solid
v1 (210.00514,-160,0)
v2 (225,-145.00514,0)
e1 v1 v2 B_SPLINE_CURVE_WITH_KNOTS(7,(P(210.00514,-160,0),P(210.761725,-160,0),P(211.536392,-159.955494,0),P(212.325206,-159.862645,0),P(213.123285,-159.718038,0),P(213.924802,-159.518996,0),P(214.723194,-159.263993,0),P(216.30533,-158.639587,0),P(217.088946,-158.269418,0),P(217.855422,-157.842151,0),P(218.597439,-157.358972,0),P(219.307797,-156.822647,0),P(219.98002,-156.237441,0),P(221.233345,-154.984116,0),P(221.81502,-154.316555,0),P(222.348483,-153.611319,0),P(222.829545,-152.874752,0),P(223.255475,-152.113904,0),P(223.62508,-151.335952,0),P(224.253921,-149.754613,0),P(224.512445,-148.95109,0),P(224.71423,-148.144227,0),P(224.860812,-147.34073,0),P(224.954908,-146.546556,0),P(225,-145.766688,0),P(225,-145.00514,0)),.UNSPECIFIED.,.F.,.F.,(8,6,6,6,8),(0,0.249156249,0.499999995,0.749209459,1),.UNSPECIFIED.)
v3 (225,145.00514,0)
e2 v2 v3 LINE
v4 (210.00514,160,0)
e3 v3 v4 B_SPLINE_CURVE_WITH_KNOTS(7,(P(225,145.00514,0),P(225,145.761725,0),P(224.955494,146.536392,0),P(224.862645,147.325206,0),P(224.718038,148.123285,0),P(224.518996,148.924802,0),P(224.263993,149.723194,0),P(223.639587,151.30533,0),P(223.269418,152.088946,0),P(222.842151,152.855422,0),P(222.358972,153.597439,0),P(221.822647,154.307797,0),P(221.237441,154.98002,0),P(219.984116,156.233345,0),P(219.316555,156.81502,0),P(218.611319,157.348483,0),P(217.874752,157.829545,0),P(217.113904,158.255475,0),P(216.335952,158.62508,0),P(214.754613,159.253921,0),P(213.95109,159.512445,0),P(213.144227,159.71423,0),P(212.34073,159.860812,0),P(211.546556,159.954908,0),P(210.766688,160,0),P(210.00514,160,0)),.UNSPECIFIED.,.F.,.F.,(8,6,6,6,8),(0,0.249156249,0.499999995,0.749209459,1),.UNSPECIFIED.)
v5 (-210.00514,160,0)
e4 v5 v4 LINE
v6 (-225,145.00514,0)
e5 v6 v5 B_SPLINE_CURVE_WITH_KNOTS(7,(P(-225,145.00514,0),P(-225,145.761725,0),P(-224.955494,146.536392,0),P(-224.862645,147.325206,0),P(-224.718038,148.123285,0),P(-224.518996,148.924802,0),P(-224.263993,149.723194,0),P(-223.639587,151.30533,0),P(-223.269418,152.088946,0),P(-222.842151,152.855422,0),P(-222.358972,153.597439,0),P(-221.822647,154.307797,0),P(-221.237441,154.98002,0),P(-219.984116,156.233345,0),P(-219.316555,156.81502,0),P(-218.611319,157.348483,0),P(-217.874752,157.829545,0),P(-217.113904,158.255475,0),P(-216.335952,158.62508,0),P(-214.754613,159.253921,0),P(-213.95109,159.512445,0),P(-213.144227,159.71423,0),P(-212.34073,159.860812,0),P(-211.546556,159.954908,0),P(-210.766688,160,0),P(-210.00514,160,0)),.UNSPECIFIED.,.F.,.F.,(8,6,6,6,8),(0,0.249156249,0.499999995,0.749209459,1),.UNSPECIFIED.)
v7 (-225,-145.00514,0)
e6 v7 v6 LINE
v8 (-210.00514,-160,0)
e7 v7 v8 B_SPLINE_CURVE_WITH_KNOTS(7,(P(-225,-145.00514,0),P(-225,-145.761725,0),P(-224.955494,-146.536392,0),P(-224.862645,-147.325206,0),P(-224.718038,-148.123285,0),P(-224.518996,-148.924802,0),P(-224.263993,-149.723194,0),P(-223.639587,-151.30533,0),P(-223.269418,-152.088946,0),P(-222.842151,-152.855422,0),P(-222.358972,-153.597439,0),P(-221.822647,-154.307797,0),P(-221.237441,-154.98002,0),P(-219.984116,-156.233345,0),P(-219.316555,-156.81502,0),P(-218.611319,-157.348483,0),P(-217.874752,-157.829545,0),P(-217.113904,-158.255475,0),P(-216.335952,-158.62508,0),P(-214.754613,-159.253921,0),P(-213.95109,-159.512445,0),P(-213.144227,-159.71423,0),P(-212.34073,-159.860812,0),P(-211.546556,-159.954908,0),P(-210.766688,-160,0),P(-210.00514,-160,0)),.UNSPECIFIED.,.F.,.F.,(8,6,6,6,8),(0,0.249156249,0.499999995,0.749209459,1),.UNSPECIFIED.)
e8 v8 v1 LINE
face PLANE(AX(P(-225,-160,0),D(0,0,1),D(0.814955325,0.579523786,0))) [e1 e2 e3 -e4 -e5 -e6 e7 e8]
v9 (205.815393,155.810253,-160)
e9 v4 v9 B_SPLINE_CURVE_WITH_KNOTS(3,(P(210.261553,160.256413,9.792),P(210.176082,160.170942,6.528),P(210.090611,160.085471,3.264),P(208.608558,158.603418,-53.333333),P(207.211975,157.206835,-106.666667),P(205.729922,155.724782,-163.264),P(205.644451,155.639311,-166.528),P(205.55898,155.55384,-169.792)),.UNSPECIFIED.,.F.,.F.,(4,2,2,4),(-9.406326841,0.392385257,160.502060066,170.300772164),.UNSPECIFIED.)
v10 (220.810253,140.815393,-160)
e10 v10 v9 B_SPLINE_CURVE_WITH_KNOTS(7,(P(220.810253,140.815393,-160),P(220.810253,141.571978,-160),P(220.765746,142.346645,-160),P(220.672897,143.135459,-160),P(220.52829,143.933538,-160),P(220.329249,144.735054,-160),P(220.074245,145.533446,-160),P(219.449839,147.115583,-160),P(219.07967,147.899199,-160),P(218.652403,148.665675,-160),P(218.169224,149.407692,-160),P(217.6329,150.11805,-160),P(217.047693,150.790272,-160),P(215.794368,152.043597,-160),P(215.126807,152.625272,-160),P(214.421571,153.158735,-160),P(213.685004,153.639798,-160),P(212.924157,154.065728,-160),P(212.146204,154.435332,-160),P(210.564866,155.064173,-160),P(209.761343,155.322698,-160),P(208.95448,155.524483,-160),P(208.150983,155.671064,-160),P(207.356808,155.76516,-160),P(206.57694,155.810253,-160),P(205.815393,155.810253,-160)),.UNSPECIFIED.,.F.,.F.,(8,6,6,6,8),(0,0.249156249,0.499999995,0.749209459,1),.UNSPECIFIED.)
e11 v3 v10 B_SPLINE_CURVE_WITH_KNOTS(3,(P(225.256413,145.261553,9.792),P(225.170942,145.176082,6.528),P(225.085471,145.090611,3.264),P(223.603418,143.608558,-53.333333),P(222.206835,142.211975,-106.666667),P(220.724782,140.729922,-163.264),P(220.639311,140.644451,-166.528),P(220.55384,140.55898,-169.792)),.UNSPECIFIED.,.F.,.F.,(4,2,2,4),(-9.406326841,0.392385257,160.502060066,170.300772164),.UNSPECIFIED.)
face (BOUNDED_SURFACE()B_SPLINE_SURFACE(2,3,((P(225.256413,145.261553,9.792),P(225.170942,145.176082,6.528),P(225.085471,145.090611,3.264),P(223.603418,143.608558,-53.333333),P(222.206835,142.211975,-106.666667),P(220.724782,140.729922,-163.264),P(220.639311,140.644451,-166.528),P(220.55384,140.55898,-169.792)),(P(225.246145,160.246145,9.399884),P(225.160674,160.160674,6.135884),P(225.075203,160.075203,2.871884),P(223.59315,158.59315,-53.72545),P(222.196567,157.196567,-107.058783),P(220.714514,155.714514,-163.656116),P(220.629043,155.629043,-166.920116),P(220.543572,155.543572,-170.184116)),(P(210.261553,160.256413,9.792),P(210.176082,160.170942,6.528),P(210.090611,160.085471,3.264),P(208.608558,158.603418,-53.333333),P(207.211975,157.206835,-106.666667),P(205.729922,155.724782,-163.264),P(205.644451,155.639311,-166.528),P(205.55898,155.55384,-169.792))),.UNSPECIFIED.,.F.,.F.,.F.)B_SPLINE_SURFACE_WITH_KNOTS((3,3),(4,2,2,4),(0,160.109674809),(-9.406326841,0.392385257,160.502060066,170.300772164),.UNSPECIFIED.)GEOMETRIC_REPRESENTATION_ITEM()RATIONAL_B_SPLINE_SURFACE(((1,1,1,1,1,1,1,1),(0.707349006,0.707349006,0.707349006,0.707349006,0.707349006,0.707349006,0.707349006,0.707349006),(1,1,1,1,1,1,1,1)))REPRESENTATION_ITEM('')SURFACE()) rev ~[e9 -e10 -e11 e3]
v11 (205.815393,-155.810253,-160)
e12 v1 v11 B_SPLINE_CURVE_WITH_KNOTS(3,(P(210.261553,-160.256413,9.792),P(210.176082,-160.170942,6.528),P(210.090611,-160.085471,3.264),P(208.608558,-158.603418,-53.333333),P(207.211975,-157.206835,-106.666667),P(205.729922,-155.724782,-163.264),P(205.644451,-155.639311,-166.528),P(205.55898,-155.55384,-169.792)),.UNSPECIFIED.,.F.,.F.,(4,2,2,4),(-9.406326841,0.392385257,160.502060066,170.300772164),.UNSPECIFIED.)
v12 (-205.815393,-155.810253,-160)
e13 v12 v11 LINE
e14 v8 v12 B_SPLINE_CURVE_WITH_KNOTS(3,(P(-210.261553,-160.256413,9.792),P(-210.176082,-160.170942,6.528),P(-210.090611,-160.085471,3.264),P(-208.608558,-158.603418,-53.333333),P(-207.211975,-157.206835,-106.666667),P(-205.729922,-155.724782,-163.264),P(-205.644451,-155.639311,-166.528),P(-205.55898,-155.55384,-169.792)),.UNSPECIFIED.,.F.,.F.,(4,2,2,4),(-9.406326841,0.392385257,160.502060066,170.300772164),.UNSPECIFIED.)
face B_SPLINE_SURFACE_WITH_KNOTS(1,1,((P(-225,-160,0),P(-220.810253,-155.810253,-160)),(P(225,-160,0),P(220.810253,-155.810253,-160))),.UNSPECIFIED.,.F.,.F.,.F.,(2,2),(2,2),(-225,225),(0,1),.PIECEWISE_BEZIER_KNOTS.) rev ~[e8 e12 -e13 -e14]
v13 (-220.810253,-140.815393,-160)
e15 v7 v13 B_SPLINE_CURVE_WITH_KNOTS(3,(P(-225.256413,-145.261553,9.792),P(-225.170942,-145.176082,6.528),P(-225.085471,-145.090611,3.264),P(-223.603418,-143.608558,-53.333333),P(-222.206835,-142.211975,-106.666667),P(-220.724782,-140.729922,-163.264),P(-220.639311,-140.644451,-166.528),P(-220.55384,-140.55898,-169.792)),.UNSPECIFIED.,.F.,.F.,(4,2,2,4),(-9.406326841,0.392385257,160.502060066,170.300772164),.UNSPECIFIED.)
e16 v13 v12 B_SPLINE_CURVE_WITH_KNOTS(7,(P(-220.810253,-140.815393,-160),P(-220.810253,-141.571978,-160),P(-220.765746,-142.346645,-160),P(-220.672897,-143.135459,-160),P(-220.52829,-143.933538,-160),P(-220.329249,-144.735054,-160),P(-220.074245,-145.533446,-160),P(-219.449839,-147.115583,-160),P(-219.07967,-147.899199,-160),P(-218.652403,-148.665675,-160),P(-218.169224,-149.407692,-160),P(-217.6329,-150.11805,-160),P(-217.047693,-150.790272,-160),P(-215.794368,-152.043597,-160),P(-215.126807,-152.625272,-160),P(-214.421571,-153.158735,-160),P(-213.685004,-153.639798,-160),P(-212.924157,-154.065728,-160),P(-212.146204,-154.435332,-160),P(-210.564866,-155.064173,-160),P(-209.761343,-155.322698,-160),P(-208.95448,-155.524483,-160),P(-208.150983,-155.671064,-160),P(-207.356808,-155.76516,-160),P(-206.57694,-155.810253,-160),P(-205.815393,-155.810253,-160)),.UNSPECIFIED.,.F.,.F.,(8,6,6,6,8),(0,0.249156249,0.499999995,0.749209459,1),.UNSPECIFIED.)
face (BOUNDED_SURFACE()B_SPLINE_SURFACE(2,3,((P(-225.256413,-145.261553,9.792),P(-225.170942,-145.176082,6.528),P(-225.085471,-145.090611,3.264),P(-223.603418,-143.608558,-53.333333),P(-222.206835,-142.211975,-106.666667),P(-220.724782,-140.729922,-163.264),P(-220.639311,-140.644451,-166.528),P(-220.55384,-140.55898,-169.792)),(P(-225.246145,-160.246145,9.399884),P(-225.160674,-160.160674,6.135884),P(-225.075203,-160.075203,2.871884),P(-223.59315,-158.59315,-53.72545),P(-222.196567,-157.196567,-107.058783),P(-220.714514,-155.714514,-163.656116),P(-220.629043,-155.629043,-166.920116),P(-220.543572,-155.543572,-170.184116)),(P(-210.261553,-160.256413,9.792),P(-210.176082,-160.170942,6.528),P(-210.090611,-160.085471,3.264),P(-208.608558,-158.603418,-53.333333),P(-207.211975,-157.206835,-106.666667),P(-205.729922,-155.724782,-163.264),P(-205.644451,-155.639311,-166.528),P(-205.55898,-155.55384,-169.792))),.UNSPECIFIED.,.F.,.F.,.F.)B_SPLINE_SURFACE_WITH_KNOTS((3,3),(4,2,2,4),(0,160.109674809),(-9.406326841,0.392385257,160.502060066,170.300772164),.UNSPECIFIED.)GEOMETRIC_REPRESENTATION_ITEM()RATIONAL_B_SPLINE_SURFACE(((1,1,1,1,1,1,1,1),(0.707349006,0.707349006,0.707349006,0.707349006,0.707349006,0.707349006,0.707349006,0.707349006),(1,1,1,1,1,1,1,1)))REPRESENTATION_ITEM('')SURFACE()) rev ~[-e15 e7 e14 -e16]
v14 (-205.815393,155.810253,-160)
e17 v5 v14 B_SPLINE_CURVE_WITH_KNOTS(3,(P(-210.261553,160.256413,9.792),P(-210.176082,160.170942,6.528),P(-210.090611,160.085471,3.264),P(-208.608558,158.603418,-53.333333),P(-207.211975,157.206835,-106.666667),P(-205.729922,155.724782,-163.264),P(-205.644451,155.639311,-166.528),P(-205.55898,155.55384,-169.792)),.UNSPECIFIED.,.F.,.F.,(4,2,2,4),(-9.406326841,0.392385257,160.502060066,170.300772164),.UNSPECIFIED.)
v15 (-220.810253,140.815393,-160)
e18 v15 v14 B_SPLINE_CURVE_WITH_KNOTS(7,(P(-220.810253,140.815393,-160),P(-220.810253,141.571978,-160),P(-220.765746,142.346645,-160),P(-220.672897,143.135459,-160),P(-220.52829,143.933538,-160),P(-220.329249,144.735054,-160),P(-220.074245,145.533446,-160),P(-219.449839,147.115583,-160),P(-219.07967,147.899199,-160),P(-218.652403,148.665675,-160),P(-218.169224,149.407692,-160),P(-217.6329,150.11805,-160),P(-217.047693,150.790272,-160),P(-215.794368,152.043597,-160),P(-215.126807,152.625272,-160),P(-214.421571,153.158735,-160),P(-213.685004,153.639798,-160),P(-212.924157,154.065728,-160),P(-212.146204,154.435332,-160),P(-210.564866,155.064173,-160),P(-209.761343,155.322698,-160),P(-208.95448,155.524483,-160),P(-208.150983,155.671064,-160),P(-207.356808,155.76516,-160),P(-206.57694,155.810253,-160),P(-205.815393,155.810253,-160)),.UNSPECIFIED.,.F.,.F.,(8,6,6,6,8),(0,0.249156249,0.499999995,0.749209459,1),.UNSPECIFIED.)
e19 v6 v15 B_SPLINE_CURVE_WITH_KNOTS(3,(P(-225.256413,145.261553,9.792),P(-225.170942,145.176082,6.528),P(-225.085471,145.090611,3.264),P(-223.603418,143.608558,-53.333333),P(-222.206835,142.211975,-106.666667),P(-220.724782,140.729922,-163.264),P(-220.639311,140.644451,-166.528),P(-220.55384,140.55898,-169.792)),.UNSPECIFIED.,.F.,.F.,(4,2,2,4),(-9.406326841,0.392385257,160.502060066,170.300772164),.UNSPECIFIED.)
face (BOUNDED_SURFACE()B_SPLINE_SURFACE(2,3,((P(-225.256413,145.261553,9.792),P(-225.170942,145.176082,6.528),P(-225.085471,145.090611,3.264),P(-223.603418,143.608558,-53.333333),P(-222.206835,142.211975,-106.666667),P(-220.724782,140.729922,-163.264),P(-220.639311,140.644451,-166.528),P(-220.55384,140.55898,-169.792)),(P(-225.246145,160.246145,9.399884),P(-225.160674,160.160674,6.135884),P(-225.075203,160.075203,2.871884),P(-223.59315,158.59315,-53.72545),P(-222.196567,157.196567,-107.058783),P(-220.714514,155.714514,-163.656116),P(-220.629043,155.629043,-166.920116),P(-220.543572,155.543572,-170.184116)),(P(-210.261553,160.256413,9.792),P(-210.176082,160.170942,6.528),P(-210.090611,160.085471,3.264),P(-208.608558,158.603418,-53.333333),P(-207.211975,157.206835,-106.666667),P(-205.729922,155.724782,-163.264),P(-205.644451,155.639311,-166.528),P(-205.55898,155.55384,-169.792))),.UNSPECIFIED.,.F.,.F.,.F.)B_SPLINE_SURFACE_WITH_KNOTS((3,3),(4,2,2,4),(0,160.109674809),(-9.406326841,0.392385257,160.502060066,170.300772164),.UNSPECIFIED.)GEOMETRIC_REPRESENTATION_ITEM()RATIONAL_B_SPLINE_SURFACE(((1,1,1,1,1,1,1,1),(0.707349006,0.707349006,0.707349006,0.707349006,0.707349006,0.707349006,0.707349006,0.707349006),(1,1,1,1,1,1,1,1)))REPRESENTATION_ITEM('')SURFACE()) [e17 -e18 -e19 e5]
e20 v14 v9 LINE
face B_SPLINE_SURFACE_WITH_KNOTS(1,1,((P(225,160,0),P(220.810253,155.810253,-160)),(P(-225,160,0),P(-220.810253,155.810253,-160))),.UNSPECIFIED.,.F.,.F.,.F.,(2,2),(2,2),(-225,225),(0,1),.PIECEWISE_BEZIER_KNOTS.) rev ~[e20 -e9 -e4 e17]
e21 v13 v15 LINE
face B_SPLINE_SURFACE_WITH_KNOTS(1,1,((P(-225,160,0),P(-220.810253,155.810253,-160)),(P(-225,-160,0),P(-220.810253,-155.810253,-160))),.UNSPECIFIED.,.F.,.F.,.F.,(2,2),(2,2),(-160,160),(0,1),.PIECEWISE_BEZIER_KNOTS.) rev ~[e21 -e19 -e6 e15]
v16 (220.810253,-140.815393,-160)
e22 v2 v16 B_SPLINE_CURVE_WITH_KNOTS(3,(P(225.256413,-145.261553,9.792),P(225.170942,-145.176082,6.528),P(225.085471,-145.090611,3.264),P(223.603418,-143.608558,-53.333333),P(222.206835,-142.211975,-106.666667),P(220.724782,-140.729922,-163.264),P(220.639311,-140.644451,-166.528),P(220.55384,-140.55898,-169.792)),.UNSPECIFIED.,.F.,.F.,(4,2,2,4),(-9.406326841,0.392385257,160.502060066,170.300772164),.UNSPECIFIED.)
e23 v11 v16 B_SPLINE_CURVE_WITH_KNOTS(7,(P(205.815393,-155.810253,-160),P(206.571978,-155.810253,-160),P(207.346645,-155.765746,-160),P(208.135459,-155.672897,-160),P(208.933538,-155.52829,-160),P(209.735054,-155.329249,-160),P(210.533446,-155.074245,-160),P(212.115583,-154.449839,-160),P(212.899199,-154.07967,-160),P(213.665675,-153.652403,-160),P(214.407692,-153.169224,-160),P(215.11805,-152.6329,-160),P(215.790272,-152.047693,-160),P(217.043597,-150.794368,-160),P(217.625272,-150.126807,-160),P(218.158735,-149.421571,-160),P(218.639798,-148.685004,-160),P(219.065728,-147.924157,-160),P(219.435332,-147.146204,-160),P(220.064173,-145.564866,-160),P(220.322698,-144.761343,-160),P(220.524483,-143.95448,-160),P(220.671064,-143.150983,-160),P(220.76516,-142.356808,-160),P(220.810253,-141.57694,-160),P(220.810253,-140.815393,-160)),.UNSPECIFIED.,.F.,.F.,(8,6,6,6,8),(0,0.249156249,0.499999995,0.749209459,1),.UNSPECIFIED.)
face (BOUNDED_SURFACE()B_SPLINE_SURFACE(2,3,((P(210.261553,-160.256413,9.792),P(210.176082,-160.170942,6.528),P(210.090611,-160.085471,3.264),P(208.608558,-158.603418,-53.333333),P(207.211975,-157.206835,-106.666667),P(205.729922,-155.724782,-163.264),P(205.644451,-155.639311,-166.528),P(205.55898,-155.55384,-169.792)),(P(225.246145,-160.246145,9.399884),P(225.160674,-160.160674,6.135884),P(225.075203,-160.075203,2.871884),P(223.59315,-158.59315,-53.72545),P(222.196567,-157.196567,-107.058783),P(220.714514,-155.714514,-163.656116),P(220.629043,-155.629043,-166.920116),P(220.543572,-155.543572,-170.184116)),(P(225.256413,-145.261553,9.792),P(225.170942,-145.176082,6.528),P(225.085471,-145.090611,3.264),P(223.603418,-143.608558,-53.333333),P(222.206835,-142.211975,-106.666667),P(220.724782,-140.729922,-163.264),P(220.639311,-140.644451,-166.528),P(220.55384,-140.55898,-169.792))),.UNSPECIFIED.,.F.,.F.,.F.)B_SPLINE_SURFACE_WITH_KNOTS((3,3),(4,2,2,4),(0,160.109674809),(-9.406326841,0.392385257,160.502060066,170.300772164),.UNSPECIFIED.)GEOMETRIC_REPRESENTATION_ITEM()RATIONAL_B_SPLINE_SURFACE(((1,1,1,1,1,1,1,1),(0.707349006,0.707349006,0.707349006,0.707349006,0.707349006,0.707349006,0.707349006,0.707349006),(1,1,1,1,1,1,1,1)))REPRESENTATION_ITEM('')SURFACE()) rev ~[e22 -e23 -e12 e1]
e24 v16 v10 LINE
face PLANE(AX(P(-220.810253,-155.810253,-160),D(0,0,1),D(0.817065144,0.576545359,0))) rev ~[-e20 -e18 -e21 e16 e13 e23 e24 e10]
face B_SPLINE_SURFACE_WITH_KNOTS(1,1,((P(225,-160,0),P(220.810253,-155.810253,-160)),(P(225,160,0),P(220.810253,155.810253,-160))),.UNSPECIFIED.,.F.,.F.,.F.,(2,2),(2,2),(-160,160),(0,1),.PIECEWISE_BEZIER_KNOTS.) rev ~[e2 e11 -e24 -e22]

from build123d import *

# Parameters (mm, degrees)
F0_W     = 450
F0_H     = 320
F1_DEPTH = 160
F1_TAPER = 1.5
F2_R     = 15


with BuildPart() as f1:
    # F0 (on Top) → F1 (new body)
    with BuildSketch(Plane.XY):
        Rectangle(F0_W, F0_H)
    extrude(amount=-F1_DEPTH, taper=F1_TAPER)

    # F2
    f2_edges = [f1.edges().sort_by_distance(p)[0] for p in [
        (-222.905126, 157.905126, -80),
        (-222.905126, -157.905126, -80),
        (222.905126, -157.905126, -80),
        (222.905126, 157.905126, -80),
    ]]
    fillet(f2_edges, radius=F2_R)


solid = f1.part
